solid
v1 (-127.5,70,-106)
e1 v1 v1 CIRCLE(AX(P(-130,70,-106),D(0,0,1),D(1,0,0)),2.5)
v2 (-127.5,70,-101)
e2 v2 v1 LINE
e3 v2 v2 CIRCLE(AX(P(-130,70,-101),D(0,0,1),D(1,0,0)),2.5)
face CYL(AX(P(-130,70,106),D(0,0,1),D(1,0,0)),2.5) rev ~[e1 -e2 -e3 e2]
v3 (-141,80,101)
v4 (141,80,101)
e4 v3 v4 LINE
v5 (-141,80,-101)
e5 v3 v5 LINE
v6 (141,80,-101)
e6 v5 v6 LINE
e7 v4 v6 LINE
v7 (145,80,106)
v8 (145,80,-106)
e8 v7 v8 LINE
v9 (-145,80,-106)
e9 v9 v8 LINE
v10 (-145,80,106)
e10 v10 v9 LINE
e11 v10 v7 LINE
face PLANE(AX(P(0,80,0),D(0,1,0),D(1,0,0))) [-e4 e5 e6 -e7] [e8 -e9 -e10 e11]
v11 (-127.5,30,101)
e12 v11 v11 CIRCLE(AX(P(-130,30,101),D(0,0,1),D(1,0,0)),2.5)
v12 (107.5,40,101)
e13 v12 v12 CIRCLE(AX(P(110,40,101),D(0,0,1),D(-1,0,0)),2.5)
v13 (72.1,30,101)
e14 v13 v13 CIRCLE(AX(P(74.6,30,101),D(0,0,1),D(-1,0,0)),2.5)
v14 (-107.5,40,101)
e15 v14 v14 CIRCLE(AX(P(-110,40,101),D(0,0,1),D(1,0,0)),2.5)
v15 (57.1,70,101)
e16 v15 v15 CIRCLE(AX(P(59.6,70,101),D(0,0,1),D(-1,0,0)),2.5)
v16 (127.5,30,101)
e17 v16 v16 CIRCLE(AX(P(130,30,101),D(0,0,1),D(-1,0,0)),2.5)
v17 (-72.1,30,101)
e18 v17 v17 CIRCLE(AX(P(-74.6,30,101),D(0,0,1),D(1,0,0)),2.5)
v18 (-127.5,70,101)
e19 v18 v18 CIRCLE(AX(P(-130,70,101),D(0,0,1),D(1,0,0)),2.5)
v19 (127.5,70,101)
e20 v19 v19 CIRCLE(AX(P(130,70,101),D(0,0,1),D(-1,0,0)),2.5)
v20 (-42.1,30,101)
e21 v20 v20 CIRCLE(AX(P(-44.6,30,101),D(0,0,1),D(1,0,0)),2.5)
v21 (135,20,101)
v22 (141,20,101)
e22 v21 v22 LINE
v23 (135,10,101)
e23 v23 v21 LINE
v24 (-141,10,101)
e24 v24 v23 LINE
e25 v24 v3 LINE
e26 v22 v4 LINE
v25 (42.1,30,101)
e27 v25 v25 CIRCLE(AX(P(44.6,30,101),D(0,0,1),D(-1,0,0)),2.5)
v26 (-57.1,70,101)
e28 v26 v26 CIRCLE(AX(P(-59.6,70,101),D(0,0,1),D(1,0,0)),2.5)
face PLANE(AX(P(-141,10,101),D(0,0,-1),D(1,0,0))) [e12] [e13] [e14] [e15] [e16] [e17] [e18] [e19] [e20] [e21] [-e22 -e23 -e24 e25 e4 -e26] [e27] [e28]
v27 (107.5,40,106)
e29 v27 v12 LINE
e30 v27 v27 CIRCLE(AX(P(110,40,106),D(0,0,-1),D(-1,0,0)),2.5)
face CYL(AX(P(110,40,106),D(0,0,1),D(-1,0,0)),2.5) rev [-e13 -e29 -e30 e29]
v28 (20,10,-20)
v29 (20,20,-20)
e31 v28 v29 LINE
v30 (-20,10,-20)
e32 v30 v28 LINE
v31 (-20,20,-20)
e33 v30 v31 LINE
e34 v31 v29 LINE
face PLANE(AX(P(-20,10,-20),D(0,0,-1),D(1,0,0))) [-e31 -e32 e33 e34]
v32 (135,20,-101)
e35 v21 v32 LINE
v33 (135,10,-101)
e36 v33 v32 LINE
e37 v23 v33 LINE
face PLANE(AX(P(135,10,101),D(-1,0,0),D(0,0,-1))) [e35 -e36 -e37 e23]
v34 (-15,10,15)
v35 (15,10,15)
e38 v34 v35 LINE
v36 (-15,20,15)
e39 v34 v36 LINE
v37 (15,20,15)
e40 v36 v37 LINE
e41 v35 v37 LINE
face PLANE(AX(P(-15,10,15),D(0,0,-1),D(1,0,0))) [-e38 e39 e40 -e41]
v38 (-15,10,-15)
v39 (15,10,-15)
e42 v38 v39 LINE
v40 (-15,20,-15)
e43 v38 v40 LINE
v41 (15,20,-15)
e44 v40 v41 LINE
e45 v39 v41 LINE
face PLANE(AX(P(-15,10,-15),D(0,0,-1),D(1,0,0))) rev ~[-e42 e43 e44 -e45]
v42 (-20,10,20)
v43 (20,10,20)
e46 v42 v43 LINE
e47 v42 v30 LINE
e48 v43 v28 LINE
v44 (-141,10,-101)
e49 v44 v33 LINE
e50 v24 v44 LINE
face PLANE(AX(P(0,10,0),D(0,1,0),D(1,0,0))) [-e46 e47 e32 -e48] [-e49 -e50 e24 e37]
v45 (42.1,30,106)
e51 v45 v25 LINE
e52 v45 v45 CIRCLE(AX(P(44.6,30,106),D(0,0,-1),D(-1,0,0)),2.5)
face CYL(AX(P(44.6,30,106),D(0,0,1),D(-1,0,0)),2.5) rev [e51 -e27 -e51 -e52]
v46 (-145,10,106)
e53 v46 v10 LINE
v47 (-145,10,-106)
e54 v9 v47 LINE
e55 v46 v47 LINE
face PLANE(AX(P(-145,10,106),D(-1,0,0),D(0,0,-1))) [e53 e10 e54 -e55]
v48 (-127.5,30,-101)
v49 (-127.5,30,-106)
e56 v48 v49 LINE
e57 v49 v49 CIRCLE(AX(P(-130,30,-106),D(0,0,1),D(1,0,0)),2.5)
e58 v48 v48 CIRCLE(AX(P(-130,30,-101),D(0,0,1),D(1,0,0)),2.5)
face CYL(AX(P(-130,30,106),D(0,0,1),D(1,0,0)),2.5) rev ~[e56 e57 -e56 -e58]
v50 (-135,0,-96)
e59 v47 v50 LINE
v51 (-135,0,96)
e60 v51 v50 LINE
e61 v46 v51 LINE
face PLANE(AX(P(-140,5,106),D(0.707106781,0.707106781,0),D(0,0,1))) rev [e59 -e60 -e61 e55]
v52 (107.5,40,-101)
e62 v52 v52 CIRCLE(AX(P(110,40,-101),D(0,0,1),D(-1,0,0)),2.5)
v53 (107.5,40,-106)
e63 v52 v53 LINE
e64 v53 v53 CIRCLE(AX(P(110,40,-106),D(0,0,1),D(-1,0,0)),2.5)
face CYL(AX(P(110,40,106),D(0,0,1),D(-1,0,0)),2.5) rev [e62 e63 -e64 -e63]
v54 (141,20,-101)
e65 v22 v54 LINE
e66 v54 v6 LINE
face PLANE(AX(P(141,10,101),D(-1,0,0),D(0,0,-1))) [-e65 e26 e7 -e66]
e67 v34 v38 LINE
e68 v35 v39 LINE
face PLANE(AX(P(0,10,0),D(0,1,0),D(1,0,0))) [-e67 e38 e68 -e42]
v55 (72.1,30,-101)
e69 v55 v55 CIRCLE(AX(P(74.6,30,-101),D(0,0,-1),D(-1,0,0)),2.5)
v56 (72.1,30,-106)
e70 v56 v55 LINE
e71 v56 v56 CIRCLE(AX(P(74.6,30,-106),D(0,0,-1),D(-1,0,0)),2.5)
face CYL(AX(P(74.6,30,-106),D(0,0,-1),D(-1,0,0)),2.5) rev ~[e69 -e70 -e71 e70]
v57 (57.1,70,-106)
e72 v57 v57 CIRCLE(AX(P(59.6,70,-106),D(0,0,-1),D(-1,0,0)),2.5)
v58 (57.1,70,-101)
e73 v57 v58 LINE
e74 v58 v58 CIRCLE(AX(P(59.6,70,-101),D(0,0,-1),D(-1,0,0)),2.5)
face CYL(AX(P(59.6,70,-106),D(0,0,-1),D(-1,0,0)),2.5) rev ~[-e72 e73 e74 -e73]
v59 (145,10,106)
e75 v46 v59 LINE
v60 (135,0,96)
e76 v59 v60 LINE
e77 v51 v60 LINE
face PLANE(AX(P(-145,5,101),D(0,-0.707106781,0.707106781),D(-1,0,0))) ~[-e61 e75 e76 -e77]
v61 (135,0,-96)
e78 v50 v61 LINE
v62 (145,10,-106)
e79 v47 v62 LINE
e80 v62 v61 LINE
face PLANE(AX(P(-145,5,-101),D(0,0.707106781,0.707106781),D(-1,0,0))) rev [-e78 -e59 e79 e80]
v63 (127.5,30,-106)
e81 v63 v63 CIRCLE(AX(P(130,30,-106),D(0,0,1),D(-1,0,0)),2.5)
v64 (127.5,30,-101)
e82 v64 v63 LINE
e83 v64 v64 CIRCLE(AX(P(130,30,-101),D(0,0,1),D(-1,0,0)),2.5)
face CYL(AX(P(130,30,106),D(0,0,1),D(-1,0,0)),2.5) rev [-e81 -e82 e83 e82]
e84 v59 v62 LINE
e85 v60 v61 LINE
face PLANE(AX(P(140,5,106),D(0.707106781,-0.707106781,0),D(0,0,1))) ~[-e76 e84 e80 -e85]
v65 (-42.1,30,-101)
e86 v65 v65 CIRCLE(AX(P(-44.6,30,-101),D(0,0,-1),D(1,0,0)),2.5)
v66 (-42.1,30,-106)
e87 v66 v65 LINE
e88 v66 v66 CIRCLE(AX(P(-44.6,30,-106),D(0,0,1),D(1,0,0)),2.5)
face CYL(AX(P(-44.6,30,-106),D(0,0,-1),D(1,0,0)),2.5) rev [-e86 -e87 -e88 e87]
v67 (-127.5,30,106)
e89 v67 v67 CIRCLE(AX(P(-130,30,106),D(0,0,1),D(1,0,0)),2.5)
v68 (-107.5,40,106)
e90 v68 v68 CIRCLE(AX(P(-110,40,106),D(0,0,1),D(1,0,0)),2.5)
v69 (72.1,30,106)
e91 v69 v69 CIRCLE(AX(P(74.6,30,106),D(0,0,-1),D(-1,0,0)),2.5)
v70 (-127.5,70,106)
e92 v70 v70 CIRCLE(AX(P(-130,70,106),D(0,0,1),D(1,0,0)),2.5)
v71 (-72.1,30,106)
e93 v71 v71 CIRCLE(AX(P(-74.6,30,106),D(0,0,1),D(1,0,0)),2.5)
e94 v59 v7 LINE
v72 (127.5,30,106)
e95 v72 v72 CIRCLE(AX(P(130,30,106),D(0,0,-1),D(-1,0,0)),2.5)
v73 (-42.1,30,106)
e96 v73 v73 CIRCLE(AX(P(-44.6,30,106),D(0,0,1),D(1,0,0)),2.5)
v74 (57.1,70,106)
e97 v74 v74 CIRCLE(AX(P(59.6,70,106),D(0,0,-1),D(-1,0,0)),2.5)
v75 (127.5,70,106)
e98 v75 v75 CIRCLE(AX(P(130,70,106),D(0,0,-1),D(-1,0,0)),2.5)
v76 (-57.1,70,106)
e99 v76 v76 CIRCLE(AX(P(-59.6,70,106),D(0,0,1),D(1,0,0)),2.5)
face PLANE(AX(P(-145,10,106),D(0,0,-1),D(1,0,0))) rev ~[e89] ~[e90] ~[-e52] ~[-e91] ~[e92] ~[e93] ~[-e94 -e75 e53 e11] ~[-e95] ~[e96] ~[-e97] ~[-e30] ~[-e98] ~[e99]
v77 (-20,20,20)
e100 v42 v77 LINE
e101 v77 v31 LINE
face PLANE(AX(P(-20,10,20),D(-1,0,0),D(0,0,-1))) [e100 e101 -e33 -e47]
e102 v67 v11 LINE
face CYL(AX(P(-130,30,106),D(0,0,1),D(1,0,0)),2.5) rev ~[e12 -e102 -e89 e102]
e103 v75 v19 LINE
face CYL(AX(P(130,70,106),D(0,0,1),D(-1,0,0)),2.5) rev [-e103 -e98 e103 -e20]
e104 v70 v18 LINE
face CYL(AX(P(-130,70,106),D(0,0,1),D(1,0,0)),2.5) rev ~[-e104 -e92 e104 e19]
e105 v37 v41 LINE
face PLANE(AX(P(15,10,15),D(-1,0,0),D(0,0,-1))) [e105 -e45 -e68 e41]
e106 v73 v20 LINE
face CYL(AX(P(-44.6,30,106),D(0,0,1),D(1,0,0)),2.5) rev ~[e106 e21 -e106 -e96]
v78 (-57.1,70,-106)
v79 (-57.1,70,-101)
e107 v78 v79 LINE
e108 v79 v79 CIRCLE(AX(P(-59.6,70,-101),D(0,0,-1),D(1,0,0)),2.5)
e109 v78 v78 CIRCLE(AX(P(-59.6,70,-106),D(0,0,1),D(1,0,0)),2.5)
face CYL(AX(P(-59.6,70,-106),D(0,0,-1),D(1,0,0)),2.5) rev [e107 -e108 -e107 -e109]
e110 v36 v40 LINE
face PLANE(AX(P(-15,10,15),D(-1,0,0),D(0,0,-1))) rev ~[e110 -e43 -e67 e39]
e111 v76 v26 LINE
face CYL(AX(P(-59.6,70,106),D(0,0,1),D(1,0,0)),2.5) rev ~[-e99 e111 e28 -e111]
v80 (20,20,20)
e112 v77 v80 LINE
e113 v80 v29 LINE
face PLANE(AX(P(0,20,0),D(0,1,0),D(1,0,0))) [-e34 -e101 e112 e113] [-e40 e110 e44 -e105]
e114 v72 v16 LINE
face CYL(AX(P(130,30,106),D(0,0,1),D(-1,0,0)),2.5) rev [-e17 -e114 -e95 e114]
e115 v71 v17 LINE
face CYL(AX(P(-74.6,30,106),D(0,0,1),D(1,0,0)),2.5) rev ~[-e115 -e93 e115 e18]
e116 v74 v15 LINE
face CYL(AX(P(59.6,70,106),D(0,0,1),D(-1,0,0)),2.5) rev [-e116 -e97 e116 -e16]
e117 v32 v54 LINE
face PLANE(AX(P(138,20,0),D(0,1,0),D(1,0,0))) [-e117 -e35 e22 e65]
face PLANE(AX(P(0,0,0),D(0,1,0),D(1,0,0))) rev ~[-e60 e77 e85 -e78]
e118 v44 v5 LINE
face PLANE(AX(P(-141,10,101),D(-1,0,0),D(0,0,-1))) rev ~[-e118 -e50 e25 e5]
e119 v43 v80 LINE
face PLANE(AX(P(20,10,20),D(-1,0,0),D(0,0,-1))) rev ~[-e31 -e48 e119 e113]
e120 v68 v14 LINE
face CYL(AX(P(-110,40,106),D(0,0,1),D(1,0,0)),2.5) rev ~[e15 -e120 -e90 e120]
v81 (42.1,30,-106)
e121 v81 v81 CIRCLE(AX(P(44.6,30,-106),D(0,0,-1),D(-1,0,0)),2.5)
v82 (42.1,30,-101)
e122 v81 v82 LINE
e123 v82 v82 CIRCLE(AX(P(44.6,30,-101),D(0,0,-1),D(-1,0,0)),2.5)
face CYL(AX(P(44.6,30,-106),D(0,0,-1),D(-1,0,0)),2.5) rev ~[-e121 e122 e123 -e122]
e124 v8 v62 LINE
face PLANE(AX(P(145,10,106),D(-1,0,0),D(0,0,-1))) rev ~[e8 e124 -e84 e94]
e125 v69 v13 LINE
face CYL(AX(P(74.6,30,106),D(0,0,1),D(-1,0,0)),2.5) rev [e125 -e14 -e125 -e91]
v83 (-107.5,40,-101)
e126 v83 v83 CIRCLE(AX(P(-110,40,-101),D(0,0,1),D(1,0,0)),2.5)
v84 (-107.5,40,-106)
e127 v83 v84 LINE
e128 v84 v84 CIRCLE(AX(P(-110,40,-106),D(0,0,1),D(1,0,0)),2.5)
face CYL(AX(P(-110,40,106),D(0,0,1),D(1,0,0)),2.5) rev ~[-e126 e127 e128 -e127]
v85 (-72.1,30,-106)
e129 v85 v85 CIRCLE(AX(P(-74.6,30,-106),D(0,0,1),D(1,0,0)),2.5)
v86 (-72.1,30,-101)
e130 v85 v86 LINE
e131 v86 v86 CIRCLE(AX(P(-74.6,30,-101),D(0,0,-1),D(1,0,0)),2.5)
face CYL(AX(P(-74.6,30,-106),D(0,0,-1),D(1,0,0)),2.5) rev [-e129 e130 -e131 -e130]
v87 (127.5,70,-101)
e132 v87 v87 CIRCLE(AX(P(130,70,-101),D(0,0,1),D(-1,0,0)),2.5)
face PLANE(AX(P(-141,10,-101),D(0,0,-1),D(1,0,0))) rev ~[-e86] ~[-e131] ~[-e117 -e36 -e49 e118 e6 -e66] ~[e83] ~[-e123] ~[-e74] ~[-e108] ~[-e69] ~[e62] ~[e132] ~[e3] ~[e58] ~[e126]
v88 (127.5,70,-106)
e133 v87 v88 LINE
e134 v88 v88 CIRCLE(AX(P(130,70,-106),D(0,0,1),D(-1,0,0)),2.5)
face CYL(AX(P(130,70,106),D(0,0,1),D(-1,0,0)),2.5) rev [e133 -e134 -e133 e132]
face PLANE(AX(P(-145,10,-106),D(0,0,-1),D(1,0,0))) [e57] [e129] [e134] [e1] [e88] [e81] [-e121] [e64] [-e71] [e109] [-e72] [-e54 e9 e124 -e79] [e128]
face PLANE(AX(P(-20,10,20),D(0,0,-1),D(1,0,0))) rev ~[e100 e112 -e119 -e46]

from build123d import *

# Parameters (mm, degrees)
SKETCH1_W                                  = 290
SKETCH1_H                                  = 212
BOSS_EXTRUDE1_DEPTH                        = 10
SKETCH2_W                                  = 290
SKETCH2_H                                  = 212
SKETCH2_W_2                                = 282
SKETCH2_H_2                                = 202
BOSS_EXTRUDE2_DEPTH                        = 70
SKETCH3_W                                  = 6
SKETCH3_H                                  = 202
SKETCH3_W_2                                = 40
SKETCH3_H_2                                = 40
SKETCH3_W_3                                = 30
SKETCH3_H_3                                = 30
BOSS_EXTRUDE3_DEPTH                        = 10
CHAMFER1_SIZE                              = 10
SKETCH4_R                                  = 2.5
CUT_EXTRUDE1_DEPTH                         = 207
SKETCH5_R                                  = 2.5
CUT_EXTRUDE2_DEPTH                         = 270.014869478
MIRROR2_AT_THE_SECOND_PLANE_COPY_1_SKETC_R = 2.5
MIRROR2_AT_THE_SECOND_PLANE_COPY_1_DEPTH   = 207


with BuildPart() as part:
    # Sketch1 → Boss-Extrude1 (new body)
    with BuildSketch(Plane(origin=(0, 0, 0), x_dir=(1, 0, 0), z_dir=(0, 1, 0))):
        Rectangle(SKETCH1_W, SKETCH1_H)
    extrude(amount=BOSS_EXTRUDE1_DEPTH)

    # Sketch2 → Boss-Extrude2 (add)
    with BuildSketch(Plane(origin=(0, 10, 0), x_dir=(1, 0, 0), z_dir=(0, 1, 0))):
        Rectangle(SKETCH2_W, SKETCH2_H)
        Rectangle(SKETCH2_W_2, SKETCH2_H_2, mode=Mode.SUBTRACT)
    extrude(amount=BOSS_EXTRUDE2_DEPTH)

    # Sketch3 → Boss-Extrude3 (add)
    # profile 1 of 2: a face of its own
    with BuildSketch(Plane(origin=(0, 10, 0), x_dir=(1, 0, 0), z_dir=(0, 1, 0))):
        with Locations((138, 0)):
            Rectangle(SKETCH3_W, SKETCH3_H)
    # profile 2 of 2: a face of its own
    with BuildSketch(Plane(origin=(0, 10, 0), x_dir=(1, 0, 0), z_dir=(0, 1, 0))):
        Rectangle(SKETCH3_W_2, SKETCH3_H_2)
        Rectangle(SKETCH3_W_3, SKETCH3_H_3, mode=Mode.SUBTRACT)
    extrude(amount=BOSS_EXTRUDE3_DEPTH)

    # Chamfer1
    chamfer1_edges = [part.edges().sort_by_distance(p)[0] for p in [
        (0, 0, 106),
        (-145, 0, 0),
        (0, 0, -106),
        (145, 0, 0),
    ]]
    chamfer(chamfer1_edges, length=CHAMFER1_SIZE)

    # Sketch4 → Cut-Extrude1 (cut)
    with BuildSketch(Plane.XY.offset(106)):
        with Locations((-44.6, 30)):
            Circle(SKETCH4_R)
        with Locations((-74.6, 30)):
            Circle(SKETCH4_R)
        with Locations((-59.6, 70)):
            Circle(SKETCH4_R)
    cut_extrude1 = extrude(amount=-CUT_EXTRUDE1_DEPTH, mode=Mode.SUBTRACT)

    # Sketch5 → Cut-Extrude2 (cut, through all)
    with BuildSketch(Plane.XY.offset(106)):
        with Locations((-130, 70)):
            Circle(SKETCH5_R)
        with Locations((-130, 30)):
            Circle(SKETCH5_R)
        with Locations((-110, 40)):
            Circle(SKETCH5_R)
    cut_extrude2 = extrude(amount=-CUT_EXTRUDE2_DEPTH, mode=Mode.SUBTRACT)

    # Mirror1: Cut-Extrude2 across plane
    add(cut_extrude2.mirror(Plane(origin=(0, 0, 0), x_dir=(0, 0, 1), z_dir=(1, 0, 0))), mode=Mode.SUBTRACT)

    # Mirror2: Cut-Extrude1 across plane
    add(cut_extrude1.mirror(Plane(origin=(0, 0, 0), x_dir=(0, 0, 1), z_dir=(1, 0, 0))), mode=Mode.SUBTRACT)

    # Mirror2 at the second plane: Cut-Extrude1 across plane
    add(cut_extrude1.mirror(Plane.XY), mode=Mode.SUBTRACT)

    # Mirror2 at the second plane copy 1 sketc → Mirror2 at the second plane copy 1 (cut)
    with BuildSketch(Plane(origin=(0, 0, -106), x_dir=(-1, 0, 0), z_dir=(0, 0, -1))):
        with Locations((-44.6, 30)):
            Circle(MIRROR2_AT_THE_SECOND_PLANE_COPY_1_SKETC_R)
        with Locations((-74.6, 30)):
            Circle(MIRROR2_AT_THE_SECOND_PLANE_COPY_1_SKETC_R)
        with Locations((-59.6, 70)):
            Circle(MIRROR2_AT_THE_SECOND_PLANE_COPY_1_SKETC_R)
    extrude(amount=-MIRROR2_AT_THE_SECOND_PLANE_COPY_1_DEPTH, mode=Mode.SUBTRACT)


solid = part.part
